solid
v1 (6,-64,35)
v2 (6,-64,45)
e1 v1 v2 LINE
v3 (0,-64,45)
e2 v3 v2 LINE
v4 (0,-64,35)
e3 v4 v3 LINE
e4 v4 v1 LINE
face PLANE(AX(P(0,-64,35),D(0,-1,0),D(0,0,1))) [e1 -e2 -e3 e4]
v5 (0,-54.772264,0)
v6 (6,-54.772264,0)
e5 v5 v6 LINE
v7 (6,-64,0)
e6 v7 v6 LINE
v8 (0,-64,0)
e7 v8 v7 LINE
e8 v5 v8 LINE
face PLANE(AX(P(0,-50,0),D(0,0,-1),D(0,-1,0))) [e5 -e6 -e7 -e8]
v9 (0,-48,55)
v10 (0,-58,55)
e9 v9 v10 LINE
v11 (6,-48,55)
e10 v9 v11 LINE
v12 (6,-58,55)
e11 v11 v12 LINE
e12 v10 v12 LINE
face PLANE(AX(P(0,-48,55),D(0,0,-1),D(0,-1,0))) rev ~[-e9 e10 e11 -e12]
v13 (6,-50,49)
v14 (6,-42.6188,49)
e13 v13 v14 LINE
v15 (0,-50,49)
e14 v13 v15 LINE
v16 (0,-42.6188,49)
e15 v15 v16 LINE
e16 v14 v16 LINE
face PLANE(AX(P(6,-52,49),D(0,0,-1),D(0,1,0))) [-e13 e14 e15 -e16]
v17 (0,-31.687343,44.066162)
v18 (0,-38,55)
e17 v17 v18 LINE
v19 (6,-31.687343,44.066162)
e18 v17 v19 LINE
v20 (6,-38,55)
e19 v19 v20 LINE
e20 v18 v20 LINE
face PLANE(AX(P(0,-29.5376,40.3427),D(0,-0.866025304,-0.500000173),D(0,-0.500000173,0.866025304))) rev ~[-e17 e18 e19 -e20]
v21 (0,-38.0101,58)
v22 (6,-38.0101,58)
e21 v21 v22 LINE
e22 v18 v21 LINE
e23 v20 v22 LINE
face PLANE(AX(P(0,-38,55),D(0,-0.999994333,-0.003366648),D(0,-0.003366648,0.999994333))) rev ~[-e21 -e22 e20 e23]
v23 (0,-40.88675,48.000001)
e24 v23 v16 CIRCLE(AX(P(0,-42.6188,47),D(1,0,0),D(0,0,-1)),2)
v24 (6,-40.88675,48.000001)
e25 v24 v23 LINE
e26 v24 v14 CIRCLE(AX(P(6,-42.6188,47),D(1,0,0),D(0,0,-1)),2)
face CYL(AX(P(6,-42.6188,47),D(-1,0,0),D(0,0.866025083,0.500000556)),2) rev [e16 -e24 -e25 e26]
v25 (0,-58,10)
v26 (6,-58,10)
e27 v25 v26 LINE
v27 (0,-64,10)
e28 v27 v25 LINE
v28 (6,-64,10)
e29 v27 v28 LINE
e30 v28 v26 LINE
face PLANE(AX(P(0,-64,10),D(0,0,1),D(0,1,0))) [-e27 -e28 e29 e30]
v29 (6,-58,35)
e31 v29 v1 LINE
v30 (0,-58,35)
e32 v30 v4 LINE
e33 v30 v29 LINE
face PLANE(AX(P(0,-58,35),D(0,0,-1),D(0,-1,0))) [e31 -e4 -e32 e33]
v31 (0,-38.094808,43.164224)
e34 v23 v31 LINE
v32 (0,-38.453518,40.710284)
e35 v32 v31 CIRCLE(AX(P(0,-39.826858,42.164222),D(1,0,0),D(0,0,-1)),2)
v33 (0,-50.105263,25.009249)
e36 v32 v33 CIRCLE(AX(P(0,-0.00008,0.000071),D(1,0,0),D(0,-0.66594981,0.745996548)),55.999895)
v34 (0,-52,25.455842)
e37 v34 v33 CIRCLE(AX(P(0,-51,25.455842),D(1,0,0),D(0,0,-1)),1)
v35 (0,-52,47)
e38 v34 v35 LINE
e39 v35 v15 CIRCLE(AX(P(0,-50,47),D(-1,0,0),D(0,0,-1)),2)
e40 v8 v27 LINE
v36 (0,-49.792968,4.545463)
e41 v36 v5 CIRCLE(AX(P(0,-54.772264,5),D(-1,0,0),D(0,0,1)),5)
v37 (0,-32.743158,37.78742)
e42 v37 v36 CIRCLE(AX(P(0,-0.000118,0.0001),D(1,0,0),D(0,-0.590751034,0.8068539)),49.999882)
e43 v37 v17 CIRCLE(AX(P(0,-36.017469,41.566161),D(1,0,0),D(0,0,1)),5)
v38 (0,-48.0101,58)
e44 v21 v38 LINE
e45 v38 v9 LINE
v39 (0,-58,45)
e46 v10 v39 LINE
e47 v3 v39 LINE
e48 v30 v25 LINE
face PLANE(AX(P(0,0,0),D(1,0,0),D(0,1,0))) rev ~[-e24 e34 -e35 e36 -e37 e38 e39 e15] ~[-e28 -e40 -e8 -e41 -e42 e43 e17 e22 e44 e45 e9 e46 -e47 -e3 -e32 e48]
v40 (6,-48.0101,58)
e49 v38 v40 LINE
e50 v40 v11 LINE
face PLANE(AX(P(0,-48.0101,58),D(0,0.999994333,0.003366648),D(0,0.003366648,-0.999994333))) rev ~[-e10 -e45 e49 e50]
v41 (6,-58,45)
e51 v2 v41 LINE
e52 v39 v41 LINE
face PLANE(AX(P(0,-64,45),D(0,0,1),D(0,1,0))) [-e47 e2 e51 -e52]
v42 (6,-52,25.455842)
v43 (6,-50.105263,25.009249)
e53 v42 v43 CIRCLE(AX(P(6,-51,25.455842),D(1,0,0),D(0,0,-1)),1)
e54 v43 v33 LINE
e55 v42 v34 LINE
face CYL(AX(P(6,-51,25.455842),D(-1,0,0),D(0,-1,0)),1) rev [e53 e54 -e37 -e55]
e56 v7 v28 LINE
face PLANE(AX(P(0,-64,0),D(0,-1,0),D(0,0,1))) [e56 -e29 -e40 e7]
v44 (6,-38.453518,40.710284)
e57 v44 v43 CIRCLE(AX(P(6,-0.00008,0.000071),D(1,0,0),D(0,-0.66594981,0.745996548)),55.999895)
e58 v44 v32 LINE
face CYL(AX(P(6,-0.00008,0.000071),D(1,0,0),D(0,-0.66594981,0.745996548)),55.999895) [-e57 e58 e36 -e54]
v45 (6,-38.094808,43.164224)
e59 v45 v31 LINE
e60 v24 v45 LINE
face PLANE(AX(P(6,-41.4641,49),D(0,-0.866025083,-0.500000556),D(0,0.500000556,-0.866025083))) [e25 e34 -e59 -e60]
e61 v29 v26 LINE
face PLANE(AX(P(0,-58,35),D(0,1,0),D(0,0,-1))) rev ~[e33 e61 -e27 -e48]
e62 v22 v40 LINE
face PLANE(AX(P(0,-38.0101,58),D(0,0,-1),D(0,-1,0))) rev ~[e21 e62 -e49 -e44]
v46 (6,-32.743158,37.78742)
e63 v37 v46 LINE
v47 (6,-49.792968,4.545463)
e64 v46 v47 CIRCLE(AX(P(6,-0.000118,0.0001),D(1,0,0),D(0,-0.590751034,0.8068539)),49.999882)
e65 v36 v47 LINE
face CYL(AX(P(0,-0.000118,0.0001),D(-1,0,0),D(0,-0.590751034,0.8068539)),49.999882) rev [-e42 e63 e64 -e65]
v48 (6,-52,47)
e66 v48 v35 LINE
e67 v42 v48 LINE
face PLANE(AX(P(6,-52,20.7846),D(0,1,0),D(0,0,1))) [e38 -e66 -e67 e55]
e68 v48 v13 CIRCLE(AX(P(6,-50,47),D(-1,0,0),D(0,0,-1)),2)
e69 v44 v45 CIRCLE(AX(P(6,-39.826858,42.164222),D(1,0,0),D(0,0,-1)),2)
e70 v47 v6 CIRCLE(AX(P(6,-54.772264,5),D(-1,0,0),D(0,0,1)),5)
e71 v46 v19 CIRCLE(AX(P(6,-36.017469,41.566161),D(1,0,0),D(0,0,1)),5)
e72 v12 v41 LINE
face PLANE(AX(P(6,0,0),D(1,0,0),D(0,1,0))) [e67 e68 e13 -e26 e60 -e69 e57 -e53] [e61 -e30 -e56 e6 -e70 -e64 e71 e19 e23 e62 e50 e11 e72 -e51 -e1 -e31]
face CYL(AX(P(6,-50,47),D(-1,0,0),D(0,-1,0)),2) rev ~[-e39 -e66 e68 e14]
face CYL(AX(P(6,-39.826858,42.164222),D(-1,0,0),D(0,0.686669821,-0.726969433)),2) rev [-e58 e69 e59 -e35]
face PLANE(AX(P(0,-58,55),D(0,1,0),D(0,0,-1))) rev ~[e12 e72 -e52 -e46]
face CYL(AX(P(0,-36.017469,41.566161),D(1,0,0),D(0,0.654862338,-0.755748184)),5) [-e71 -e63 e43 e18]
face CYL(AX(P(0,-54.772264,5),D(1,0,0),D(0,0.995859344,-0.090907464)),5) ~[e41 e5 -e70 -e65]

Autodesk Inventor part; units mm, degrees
ref_plane "YZ Plane" through (0, 0, 0) normal (1, 0, 0) x (0, 1, 0)
ref_plane "XZ Plane" through (0, 0, 0) normal (0, 1, 0) x (-1, 0, 0)
ref_plane "XY Plane" through (0, 0, 0) normal (0, 0, 1) x (1, 0, 0)
sketch "Sketch1" plane through (0, 0, 0) normal (1, 0, 0) x (0, 1, 0)
  line L0 (-29.5376, 40.3427) -> (-38, 55)
  circle A0 centre (0, 0) radius 50 construction
  line L1 (-38, 55) -> (-38.0101, 58)
  line L2 (-38.0101, 58) -> (-48.0101, 58)
  line L3 (-48.0101, 58) -> (-48, 55)
  line L4 (-58, 35) -> (-64, 35)
  line L5 (-64, 35) -> (-64, 45)
  line L6 (-64, 45) -> (-58, 45)
  arc A1 (-42.0654, 27.0278) -> (-29.5376, 40.3427) centre (0, 0) ccw construction
  line L7 (-58, 55) -> (-58, 45)
  line L8 (-38, 55) -> (-38, 55)
  line L9 (-48, 55) -> (-58, 55)
  line L10 (-58, 55) -> (-36.8235, 33.8235) construction
  line L11 (-50, 0) -> (-57.2434, 0)
  line L12 (-57.2434, 0) -> (-64, 0)
  line L13 (-64, 0) -> (-64, 10)
  line L14 (-64, 10) -> (-58, 10)
  line L15 (-58, 35) -> (-58, 10)
  arc A2 (-29.5376, 40.3427) -> (-50, 0) centre (0, 0) ccw
  point P0 (-30.8961, 39.312)
  dimension "d6" = 50
  dimension "d8" = 10
  dimension "d10" = 3
  dimension "d11" = 10
  dimension "d12" = 6
  dimension "d17" = 120
  dimension "d18" = 10
  dimension "d19" = 5
  dimension "d21" = 10
  dimension "d23" = 45
  dimension "d25" = 15
  dimension "d26" = 0
  dimension "d30" = 10
  dimension "d31" = 6
  dimension "d32" = 25
  dimension "d38" = 58
extrude "Extrusion2" add sketch "Sketch1" along normal blind 6
fillet "Fillet3" radius 5 2 edges at (3, -29.5376, 40.3427) (3, -50, 0)
sketch "Sketch2" plane through (6, 0, 0) normal (1, 0, 0) x (0, 0, -1)
  arc A0 (-41.7758, -37.2932) -> (-20.7846, -52) centre (0, 0) ccw
  line L0 (-20.7846, -52) -> (-49, -52)
  line L1 (-49, -52) -> (-49, -41.4641)
  line L2 (-49, -41.4641) -> (-41.7758, -37.2932)
  line L3 (-44.0661, -31.6873) -> (-55, -38) projected
  line L4 (-55, -48) -> (-55, -58) projected
  line L5 (-55, -58) -> (-45, -58) projected
  dimension "d42" = 6
  dimension "d43" = 6
  dimension "d44" = 6
  dimension "d45" = 56
extrude "Extrusion3" cut sketch "Sketch2" against normal through all
fillet "Fillet4" radius 1 1 edges at (3, -52, 20.7846)
fillet "Fillet5" radius 2 3 edges at (3, -52, 49) (3, -41.4641, 49) (3, -37.2932, 41.7758)
properties part number "HarnessPusher27021014"
